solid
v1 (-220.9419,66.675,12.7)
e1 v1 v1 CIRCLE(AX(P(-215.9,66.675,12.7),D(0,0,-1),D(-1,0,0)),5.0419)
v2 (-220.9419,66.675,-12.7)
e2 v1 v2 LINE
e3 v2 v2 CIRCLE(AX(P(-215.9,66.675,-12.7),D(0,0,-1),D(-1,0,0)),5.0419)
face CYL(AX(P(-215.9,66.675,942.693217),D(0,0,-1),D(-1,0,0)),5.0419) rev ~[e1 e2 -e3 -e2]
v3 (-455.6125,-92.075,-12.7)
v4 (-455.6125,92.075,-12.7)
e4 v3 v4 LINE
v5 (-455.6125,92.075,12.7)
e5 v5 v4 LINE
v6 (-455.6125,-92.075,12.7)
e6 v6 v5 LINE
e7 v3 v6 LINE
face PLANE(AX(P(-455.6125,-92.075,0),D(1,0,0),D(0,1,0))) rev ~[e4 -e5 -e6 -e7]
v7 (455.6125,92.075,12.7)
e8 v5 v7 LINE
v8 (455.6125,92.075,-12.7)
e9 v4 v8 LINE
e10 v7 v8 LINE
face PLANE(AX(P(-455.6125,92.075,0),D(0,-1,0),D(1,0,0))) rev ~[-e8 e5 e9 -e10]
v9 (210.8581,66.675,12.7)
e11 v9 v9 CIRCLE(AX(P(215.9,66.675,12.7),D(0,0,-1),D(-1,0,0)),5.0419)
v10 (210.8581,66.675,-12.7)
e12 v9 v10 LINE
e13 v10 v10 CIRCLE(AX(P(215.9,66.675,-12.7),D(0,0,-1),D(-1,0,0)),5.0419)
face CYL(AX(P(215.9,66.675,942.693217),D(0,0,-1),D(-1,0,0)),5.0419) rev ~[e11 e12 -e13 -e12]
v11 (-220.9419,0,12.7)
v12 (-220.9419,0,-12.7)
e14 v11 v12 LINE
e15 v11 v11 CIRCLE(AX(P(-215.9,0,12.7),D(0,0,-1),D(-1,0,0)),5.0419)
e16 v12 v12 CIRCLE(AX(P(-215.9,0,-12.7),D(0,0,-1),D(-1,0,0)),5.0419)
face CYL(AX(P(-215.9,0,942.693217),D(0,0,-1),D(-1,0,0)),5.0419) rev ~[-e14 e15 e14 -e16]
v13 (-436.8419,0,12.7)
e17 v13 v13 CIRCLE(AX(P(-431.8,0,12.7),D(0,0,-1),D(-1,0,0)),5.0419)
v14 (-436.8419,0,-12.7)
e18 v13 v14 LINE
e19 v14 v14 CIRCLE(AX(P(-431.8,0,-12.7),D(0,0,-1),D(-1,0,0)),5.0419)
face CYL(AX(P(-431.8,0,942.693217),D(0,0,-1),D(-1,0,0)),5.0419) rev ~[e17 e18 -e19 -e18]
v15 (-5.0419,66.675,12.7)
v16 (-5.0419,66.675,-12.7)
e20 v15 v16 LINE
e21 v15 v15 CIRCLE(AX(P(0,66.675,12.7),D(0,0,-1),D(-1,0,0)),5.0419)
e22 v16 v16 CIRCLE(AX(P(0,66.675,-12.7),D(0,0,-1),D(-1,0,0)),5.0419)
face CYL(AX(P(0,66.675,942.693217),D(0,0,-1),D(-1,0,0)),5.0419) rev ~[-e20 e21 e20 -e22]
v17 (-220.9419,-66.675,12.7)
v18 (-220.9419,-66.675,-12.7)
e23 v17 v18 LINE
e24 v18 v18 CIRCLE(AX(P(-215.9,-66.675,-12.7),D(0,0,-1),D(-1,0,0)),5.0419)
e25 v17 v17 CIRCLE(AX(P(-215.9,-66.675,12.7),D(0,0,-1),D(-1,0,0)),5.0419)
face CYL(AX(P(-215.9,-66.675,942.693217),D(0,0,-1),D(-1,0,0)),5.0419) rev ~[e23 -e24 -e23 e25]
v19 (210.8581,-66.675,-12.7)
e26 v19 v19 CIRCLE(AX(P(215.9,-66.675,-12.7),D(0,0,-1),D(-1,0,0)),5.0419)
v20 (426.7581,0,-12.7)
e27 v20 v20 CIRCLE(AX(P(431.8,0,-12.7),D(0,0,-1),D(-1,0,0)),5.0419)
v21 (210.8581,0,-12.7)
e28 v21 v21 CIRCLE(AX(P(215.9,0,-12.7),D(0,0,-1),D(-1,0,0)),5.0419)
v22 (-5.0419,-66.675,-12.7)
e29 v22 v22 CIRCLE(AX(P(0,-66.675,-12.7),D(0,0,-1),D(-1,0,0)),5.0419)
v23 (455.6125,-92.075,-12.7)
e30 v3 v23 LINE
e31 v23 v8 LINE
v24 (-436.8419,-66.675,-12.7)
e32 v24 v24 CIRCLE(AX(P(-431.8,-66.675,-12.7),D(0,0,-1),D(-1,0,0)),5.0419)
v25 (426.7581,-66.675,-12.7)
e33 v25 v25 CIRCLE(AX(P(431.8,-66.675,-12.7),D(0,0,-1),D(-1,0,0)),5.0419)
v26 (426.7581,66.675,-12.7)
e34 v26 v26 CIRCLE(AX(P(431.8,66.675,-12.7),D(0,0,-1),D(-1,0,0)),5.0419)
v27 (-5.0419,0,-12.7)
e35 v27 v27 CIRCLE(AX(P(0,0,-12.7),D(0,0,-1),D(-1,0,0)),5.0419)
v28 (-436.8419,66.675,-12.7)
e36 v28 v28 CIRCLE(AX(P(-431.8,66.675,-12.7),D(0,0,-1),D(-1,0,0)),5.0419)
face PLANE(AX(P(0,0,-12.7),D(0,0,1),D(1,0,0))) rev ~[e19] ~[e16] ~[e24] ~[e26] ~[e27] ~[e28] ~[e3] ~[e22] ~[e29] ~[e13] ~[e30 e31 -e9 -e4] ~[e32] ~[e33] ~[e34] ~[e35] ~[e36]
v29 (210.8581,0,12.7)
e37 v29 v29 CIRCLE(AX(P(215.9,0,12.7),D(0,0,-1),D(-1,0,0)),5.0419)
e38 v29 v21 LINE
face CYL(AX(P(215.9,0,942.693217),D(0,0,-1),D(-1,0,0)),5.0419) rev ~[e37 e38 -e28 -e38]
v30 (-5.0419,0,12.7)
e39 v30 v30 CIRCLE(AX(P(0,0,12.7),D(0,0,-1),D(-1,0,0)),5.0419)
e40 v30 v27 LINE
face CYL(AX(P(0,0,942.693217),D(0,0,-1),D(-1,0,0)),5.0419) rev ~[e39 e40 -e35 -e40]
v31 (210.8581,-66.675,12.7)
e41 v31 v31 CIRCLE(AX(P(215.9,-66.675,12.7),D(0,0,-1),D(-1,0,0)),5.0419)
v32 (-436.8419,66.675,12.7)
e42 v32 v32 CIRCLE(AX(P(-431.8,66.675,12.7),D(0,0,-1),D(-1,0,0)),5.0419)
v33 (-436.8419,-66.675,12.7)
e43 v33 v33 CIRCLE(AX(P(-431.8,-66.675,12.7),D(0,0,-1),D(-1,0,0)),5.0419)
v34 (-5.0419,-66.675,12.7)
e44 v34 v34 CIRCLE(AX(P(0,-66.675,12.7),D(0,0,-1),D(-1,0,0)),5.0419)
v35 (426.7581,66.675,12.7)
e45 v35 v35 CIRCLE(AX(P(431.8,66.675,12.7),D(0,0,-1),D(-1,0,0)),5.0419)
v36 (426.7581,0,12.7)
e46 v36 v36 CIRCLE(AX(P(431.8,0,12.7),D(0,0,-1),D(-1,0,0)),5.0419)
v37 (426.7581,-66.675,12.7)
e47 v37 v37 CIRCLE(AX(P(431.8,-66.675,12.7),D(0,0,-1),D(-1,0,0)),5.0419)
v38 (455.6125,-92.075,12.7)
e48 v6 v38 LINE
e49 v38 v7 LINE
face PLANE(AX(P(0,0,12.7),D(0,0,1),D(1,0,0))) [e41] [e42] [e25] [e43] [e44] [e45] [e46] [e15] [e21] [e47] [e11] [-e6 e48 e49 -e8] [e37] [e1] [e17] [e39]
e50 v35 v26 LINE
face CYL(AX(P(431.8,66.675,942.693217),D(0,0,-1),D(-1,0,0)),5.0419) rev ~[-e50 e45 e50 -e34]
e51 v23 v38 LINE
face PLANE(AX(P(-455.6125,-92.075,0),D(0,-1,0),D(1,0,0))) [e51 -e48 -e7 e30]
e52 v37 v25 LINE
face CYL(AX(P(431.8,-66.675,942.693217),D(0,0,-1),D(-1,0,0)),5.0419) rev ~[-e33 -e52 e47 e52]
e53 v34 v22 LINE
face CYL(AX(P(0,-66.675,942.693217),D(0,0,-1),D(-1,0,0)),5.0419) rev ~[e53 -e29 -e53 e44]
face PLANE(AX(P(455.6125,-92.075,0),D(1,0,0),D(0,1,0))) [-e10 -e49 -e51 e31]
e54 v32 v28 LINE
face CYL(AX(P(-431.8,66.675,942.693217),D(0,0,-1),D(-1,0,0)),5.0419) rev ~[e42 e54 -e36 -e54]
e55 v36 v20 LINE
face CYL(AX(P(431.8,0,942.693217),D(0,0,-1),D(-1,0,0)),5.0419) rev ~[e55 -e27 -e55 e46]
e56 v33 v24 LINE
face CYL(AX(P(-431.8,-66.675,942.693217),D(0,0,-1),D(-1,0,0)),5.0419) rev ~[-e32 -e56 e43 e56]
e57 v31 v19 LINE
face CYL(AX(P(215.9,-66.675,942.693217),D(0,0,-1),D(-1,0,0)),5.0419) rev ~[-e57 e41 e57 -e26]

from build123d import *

# Parameters (mm, degrees)
F0_W     = 911.225
F0_H     = 184.15
F1_DEPTH = 12.7
F3_D     = 10.0838


with BuildPart() as f1:
    # F0 (on Top) → F1 (new body, symmetric)
    with BuildSketch(Plane.XY):
        Rectangle(F0_W, F0_H)
    extrude(amount=F1_DEPTH, both=True)

    # F3 (through all)
    with Locations(Plane.XY.offset(12.7)):
        with Locations((-431.8, 66.675), (-431.8, 0), (-431.8, -66.675), (-215.9, -66.675), (-215.9, 0), (-215.9, 66.675), (0, 66.675), (0, 0), (215.9, 66.675), (215.9, 0), (215.9, -66.675), (431.8, -66.675), (431.8, 0), (431.8, 66.675), (0, -66.675)):
            Hole(F3_D / 2)


solid = f1.part
